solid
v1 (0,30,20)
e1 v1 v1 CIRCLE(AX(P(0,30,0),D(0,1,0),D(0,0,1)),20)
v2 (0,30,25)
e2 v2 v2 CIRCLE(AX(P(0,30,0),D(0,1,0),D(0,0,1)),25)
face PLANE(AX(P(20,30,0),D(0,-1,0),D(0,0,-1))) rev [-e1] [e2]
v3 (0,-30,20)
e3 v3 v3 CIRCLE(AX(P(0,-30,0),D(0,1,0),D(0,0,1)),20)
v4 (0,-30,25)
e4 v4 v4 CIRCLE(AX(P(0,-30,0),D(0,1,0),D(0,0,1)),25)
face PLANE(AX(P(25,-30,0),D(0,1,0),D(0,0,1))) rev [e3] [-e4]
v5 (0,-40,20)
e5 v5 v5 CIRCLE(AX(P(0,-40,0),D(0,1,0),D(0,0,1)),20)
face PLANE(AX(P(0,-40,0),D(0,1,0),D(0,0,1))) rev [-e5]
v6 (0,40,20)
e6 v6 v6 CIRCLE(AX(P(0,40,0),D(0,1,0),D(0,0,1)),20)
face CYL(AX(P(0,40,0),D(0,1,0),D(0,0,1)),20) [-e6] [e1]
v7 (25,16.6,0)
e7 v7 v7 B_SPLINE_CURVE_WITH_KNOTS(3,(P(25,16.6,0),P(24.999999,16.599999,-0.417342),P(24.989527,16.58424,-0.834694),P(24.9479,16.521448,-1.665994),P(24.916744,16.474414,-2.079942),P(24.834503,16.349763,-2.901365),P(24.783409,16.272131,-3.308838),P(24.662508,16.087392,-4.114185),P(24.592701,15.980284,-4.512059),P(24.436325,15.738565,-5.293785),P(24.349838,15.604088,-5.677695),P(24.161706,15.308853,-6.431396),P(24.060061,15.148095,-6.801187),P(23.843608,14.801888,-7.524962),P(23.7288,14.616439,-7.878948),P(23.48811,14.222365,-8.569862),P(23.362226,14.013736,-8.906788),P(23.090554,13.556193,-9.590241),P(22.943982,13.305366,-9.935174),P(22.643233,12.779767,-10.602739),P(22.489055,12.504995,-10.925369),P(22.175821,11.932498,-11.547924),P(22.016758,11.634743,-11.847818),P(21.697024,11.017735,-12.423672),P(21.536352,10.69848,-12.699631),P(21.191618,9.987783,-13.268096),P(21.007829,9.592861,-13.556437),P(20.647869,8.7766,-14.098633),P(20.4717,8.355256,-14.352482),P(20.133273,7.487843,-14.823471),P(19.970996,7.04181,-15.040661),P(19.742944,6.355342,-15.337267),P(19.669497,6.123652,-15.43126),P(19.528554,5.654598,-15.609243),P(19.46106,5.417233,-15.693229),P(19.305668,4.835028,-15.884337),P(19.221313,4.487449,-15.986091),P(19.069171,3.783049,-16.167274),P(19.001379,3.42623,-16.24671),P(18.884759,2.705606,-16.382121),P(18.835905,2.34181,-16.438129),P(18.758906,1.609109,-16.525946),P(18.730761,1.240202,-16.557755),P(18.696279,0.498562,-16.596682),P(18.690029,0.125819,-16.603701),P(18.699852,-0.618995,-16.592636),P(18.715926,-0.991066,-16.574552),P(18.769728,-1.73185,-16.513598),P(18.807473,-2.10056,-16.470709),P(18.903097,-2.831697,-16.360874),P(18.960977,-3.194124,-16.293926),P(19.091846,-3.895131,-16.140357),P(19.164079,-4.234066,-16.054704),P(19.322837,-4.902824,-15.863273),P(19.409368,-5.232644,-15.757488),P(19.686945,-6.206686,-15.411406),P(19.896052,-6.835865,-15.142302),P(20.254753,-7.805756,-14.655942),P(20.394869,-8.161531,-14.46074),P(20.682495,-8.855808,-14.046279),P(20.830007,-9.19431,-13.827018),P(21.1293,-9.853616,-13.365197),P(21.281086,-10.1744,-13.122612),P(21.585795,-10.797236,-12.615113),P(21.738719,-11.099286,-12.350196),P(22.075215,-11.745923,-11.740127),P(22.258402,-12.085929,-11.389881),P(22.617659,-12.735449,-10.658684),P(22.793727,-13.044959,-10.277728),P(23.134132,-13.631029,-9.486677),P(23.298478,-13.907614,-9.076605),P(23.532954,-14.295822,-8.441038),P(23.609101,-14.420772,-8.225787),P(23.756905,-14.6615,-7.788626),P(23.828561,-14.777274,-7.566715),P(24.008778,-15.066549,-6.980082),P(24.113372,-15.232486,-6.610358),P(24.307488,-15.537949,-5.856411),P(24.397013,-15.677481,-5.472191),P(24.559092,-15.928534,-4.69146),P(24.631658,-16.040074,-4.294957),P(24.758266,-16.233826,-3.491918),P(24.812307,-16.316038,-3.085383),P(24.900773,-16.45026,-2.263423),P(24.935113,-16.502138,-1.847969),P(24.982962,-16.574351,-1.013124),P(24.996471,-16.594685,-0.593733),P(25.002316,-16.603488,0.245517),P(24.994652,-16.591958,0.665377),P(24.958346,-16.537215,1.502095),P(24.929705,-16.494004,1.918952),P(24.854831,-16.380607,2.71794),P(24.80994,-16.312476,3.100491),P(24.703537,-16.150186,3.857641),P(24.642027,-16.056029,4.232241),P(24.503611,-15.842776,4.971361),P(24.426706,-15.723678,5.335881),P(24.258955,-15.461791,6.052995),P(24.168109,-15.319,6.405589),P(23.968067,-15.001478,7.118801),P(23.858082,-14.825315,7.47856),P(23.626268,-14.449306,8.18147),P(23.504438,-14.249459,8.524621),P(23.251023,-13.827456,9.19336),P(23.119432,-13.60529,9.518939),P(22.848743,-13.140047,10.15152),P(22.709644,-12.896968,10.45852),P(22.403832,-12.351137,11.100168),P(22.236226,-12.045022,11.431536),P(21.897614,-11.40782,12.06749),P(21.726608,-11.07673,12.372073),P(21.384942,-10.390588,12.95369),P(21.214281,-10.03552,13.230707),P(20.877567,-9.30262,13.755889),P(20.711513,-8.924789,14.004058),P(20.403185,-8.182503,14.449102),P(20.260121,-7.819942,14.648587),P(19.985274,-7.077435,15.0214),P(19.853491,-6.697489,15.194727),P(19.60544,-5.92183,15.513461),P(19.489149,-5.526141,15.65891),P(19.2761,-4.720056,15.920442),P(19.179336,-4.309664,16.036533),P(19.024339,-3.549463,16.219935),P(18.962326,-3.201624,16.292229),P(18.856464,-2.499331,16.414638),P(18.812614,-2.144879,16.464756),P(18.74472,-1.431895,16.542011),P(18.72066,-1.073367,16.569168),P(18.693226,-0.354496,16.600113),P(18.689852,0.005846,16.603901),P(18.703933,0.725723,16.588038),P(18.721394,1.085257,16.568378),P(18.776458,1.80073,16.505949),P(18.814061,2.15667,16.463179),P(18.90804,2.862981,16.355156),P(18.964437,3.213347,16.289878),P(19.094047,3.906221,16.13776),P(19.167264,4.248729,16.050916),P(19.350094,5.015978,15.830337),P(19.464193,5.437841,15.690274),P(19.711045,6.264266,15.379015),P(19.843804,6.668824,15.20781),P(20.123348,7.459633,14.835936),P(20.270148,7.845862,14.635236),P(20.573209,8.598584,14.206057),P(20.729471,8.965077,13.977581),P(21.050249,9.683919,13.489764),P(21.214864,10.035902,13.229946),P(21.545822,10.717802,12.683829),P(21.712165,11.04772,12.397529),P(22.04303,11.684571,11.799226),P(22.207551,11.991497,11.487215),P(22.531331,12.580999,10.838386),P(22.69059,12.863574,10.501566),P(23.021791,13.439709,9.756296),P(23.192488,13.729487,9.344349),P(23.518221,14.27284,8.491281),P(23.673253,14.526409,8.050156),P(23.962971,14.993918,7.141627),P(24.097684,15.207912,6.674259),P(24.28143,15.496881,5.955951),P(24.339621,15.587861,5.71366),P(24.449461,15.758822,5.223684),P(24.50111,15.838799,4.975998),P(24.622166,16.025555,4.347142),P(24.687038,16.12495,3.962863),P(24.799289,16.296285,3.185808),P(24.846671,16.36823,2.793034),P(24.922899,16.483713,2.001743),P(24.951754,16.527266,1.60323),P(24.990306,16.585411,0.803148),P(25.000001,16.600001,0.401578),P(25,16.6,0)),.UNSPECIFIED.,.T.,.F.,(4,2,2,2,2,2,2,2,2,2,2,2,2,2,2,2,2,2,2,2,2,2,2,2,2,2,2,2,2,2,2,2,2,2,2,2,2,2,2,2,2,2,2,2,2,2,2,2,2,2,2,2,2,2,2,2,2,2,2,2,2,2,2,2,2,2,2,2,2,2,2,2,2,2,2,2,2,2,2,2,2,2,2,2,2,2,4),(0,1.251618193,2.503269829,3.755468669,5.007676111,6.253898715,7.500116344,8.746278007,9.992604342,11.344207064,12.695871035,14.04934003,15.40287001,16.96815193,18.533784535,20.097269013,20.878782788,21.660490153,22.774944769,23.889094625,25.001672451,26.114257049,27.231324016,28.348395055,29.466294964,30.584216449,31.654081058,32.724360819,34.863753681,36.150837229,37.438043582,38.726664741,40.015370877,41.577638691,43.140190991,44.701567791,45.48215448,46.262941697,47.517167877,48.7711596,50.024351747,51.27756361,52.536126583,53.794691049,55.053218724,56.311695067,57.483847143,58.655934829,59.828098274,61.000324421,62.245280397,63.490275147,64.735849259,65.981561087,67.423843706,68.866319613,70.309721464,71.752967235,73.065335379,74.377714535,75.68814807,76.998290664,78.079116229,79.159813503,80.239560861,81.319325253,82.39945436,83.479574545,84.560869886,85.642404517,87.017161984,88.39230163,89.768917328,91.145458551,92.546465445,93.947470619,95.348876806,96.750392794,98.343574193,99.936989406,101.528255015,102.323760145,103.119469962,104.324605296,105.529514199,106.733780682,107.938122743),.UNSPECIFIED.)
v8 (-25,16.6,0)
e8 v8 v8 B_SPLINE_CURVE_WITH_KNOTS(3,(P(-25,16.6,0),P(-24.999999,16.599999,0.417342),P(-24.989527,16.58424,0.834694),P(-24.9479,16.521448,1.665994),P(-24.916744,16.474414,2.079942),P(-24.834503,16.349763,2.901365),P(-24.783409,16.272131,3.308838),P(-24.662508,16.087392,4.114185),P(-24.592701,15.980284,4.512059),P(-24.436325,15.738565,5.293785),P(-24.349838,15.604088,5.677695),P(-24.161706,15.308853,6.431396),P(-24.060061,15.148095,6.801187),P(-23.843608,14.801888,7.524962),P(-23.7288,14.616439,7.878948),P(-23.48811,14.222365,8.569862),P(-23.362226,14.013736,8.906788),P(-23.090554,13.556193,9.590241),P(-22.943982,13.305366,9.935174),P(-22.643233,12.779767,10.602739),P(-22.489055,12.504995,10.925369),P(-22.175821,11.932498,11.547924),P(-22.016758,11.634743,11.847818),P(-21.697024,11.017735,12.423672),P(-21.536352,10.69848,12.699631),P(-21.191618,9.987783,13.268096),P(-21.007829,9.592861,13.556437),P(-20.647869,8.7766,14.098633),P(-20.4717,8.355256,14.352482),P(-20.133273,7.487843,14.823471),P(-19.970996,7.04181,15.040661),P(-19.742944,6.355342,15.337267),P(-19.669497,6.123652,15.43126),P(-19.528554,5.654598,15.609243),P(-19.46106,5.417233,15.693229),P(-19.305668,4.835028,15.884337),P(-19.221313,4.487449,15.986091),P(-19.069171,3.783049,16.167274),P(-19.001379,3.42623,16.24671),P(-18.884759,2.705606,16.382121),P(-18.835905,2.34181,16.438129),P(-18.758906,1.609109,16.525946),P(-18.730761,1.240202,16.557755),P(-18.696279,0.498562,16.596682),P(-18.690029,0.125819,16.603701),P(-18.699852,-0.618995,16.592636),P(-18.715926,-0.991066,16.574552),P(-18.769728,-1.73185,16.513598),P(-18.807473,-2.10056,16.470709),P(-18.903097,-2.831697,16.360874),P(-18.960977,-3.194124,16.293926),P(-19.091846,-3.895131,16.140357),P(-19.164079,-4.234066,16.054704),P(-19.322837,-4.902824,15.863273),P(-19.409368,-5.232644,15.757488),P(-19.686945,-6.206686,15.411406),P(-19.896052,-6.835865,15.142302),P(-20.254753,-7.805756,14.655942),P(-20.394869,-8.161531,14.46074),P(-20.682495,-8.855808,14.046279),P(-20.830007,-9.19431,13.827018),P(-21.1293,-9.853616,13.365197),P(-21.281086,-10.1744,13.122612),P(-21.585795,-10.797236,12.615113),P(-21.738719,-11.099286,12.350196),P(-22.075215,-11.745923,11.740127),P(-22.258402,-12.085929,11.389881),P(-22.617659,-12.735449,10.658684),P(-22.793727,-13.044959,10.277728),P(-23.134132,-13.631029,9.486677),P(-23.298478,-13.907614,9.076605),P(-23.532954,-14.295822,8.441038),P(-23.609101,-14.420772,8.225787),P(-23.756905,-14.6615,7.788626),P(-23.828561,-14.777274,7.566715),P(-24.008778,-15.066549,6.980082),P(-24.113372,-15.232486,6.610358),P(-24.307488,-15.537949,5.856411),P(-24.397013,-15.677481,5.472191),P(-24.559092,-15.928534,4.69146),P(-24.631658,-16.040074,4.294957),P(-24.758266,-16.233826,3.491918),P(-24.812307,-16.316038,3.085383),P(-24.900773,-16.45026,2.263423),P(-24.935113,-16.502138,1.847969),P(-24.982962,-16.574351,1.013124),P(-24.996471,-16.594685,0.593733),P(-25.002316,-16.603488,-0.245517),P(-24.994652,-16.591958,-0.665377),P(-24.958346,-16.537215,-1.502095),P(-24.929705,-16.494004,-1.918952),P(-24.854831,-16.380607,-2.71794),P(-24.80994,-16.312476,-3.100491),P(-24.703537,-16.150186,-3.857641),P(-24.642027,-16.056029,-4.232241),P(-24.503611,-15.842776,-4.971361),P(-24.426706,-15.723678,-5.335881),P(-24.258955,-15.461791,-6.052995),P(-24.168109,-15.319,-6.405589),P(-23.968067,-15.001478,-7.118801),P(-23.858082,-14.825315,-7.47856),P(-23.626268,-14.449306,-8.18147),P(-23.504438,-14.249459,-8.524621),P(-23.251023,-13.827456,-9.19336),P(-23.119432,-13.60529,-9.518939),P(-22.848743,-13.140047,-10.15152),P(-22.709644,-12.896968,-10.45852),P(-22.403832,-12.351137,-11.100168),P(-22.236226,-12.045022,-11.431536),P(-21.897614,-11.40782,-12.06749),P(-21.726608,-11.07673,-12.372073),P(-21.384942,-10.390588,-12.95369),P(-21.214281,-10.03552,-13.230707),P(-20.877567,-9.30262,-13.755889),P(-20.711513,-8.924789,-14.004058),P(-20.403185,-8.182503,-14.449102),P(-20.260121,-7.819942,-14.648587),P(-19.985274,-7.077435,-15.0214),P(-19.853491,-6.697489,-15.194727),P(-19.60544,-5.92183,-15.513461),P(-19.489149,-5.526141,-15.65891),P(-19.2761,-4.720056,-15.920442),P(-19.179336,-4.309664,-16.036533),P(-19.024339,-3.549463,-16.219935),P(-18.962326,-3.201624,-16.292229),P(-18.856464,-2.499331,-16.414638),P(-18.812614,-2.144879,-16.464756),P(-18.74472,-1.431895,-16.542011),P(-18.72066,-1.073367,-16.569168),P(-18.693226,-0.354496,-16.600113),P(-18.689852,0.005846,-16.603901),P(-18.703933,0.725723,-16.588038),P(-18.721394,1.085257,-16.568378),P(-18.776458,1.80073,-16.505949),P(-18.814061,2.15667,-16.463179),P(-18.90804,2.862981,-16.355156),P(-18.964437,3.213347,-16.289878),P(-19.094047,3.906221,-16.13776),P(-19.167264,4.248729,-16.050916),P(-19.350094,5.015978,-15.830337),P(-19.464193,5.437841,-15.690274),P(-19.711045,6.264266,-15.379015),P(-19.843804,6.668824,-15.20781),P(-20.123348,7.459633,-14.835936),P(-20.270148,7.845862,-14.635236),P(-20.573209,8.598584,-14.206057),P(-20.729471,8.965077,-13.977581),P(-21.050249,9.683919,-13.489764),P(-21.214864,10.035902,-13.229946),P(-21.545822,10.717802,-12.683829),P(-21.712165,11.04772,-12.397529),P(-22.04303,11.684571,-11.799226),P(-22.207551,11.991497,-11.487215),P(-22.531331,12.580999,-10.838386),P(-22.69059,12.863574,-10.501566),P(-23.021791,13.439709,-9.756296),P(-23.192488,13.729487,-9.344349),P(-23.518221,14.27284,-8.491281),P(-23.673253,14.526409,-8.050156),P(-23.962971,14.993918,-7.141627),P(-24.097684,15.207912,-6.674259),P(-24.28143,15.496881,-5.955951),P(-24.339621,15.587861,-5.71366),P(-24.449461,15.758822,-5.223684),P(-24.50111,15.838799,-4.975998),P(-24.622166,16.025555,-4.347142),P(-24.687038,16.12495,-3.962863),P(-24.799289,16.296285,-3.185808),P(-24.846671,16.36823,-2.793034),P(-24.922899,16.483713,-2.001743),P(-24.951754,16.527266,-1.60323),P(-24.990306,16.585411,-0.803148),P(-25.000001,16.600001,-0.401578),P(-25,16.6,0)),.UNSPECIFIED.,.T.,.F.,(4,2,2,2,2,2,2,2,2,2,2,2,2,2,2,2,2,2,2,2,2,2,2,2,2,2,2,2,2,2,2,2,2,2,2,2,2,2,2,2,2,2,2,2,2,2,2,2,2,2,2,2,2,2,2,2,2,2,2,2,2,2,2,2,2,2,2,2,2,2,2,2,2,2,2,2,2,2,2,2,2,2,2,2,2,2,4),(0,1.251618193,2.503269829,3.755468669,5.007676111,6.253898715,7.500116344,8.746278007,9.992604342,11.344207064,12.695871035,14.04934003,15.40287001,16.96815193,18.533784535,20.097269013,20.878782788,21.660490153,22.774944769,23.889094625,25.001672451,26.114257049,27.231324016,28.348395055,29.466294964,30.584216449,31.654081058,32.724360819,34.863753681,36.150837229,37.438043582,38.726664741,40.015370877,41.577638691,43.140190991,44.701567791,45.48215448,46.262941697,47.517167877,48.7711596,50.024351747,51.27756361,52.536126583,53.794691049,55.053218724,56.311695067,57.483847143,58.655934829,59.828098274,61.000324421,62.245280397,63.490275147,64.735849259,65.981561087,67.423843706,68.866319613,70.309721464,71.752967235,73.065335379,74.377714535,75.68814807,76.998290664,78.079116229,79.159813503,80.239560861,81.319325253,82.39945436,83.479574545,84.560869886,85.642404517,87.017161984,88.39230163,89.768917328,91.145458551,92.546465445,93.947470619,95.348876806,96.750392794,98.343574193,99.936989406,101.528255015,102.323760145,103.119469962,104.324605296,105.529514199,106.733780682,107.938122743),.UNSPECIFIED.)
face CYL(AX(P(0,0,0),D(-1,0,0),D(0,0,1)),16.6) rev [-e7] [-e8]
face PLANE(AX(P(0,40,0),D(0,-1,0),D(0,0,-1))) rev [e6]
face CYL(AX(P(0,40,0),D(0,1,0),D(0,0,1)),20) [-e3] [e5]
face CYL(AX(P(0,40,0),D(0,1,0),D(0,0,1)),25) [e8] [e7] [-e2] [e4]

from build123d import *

# Parameters (mm, degrees)
SKETCH3_W              = 16.6
SKETCH3_H              = 25
F_25_0MM_DOWEL_HOLE2_D = 33.2


with BuildPart() as part:
    # Sketch1 → Revolve1 (revolve)
    with BuildSketch(Plane.XY, mode=Mode.PRIVATE) as revolve1_sk:
        Polygon((20, -30), (20, -40), (0, -40), (0, 40), (20, 40), (20, 30), (25, 30), (25, -30), align=None)
    revolve(revolve1_sk.sketch.rotate(Axis((0, 40, 0), (0, -1, 0)), 90), axis=Axis((0, 40, 0), (0, -1, 0)))

    # Sketch3 → Ø1.0mm Dowel Hole1 (revolve, cut)
    with BuildSketch(Plane.ZX):
        with Locations((8.3, 12.5)):
            Rectangle(SKETCH3_W, SKETCH3_H)
    revolve(axis=Axis((-6.35, 0, 0), (1, 0, 0)), mode=Mode.SUBTRACT)

    # Ø25.0mm Dowel Hole2 (through all)
    with Locations(Plane(origin=(0, 0, 0), x_dir=(0, 0, -1), z_dir=(1, 0, 0))):
        with Locations((0, 0)):
            Hole(F_25_0MM_DOWEL_HOLE2_D / 2)


solid = part.part
